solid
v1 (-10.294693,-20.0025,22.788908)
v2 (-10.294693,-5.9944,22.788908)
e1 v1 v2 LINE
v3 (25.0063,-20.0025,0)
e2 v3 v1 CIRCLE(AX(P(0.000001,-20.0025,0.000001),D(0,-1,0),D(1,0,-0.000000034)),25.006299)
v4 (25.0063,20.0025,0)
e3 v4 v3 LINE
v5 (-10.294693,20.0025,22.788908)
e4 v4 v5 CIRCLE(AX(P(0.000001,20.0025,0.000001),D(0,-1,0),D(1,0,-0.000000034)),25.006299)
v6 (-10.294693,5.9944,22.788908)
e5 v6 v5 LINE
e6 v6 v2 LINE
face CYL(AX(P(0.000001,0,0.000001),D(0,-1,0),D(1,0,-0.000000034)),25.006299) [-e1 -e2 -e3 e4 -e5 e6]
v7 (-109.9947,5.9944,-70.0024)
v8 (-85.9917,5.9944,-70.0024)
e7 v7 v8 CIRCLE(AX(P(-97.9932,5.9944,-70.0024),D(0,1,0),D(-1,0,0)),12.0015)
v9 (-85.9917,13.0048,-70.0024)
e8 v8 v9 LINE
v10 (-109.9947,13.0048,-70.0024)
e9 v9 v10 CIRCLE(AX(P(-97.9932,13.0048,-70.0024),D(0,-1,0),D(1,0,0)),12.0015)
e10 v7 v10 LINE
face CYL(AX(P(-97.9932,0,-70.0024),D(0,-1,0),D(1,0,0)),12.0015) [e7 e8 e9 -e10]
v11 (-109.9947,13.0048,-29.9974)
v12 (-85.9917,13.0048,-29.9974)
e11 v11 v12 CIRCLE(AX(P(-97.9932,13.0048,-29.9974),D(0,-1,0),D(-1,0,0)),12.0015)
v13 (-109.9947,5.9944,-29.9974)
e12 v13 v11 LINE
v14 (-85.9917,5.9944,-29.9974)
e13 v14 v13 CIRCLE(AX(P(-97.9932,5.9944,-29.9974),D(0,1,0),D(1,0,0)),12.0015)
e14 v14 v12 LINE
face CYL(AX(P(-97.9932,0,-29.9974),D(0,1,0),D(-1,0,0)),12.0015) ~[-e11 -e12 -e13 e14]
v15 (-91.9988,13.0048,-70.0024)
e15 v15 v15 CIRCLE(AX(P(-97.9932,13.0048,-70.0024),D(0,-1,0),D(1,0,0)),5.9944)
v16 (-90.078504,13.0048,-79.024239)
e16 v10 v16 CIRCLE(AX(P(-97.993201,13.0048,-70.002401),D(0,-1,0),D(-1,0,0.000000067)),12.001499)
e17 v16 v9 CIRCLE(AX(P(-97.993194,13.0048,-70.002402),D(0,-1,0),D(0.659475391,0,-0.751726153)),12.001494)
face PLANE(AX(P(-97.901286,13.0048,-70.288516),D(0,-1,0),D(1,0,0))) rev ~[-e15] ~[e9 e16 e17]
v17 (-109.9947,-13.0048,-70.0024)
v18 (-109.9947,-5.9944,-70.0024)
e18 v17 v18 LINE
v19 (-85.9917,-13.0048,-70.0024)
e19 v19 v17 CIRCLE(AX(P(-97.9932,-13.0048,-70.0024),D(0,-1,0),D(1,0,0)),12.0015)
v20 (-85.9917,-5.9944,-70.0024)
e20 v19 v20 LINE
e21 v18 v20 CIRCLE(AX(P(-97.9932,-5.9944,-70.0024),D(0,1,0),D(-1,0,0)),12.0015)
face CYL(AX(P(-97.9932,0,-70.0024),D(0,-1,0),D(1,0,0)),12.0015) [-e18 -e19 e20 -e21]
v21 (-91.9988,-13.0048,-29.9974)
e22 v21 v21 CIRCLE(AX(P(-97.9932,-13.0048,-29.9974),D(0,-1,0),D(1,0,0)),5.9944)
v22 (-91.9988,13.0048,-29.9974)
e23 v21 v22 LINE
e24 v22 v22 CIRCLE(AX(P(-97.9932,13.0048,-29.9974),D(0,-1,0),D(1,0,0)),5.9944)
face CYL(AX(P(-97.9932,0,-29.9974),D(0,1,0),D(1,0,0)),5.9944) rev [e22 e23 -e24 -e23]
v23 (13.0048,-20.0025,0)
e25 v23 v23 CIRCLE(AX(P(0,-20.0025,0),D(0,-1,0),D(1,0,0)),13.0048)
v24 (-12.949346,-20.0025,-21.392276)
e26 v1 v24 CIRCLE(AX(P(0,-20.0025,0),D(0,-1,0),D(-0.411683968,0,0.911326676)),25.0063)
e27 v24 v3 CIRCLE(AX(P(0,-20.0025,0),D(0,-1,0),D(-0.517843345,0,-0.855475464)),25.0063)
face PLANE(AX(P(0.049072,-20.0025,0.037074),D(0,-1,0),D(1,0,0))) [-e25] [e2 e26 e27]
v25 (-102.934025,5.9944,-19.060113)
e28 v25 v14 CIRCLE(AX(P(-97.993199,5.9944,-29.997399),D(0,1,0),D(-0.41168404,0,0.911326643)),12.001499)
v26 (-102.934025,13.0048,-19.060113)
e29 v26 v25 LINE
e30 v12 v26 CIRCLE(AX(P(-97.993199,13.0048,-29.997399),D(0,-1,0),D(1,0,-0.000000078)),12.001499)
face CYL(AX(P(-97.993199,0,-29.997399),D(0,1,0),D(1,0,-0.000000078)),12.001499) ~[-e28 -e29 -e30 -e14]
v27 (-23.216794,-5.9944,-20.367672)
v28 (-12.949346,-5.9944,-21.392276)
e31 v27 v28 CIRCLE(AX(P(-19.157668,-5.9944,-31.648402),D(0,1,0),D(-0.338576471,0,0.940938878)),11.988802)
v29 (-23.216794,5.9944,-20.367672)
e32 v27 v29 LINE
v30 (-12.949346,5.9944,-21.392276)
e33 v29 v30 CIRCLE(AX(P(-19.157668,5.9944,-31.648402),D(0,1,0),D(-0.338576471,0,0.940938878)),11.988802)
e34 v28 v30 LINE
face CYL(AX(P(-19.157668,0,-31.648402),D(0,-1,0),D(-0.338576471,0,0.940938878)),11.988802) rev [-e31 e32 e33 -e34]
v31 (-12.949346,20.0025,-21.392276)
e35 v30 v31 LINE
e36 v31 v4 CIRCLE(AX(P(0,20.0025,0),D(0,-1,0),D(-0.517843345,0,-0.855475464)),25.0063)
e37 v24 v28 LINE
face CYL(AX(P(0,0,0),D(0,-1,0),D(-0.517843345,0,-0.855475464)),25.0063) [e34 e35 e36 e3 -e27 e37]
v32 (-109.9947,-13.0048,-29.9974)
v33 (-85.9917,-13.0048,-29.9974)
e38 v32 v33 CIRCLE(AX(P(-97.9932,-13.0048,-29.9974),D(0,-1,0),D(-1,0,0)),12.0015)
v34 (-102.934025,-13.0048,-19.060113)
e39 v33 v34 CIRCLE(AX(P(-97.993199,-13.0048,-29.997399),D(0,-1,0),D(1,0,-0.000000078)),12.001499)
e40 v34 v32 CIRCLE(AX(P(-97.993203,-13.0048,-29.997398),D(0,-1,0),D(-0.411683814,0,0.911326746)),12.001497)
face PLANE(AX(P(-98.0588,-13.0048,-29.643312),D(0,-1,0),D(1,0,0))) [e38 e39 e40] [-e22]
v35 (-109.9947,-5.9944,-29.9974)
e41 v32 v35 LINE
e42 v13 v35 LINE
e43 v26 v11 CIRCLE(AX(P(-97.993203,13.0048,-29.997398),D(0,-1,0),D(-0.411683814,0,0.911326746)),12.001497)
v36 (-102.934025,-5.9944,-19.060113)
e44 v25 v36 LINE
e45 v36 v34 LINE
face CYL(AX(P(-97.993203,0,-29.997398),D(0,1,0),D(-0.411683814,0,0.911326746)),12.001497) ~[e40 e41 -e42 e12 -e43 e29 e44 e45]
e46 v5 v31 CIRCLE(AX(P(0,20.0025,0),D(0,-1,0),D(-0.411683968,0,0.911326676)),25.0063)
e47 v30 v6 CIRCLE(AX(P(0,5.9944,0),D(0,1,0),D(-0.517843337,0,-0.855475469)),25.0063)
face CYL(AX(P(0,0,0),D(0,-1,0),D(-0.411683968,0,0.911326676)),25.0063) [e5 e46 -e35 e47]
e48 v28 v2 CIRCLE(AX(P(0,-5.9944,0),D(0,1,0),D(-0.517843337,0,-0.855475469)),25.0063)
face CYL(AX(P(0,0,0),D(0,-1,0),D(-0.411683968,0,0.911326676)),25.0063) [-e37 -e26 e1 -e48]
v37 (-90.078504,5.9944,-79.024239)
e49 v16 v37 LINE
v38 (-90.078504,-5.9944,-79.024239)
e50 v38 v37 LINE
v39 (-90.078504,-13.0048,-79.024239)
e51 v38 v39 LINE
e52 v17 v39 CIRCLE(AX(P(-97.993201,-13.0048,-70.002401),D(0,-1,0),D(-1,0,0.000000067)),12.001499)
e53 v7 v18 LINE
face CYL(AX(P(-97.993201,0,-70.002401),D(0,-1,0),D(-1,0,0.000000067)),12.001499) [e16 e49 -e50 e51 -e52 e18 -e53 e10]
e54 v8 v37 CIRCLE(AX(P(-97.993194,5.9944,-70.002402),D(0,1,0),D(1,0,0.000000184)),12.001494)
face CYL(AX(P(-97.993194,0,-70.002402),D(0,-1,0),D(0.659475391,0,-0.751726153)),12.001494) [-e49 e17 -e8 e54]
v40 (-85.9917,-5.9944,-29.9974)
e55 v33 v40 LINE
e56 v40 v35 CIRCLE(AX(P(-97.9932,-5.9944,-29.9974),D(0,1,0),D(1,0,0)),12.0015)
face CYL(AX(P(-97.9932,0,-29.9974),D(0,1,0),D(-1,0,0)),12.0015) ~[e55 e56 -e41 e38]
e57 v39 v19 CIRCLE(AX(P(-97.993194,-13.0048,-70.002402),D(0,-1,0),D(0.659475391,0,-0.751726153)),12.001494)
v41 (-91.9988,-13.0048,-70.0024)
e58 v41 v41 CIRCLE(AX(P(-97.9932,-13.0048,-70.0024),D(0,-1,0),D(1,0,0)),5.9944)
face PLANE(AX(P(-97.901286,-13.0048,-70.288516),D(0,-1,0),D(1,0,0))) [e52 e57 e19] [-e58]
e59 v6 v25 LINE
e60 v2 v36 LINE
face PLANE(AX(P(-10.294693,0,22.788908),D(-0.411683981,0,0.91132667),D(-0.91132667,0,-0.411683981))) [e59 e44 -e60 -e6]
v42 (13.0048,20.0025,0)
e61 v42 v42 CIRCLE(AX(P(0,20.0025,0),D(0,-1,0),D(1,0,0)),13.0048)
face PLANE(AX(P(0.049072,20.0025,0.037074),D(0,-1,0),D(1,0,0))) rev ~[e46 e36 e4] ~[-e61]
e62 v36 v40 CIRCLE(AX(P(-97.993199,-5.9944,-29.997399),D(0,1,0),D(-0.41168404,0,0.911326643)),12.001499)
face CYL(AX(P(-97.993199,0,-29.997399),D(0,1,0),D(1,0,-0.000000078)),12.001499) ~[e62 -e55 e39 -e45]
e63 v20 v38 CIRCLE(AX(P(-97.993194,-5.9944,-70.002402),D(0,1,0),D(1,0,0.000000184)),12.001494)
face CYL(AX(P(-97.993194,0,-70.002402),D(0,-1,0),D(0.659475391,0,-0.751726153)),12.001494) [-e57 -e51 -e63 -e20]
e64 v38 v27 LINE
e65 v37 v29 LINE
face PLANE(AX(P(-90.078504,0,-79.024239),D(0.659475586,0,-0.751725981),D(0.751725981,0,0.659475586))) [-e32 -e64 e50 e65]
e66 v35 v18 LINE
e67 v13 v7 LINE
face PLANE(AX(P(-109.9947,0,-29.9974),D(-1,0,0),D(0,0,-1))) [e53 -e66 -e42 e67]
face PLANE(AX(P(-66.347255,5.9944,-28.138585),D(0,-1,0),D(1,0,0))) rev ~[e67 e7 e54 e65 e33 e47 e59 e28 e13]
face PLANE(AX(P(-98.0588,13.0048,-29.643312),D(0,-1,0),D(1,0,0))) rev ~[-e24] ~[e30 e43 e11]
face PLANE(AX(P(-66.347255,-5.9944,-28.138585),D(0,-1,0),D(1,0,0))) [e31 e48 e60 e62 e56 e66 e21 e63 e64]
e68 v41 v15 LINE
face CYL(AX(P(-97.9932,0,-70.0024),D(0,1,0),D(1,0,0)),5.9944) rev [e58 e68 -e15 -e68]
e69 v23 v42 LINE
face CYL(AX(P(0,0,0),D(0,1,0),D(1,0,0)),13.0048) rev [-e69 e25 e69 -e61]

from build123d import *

# Parameters (mm, degrees)
F0_R     = 13.0048
F1_DEPTH = 20.0025
F2_DEPTH = 5.9944
F0_R_2   = 5.9944
F3_DEPTH = 13.0048


with BuildPart() as f1:
    # F0 (on Front) → F1 (new body, symmetric)
    with BuildSketch(Plane.XZ):
        with BuildLine():
            ThreePointArc((-12.949346, -21.392276), (12.278025, -21.784516), (25.0063, 0))
            ThreePointArc((25.0063, 0), (13.562501, 21.008894), (-10.294693, 22.788908))
            ThreePointArc((-10.294693, 22.788908), (-24.961282, 1.499814), (-12.949346, -21.392276))
        make_face()
        Circle(F0_R, mode=Mode.SUBTRACT)
    extrude(amount=F1_DEPTH, both=True)

    # F0 (on Front) → F2 (join, symmetric)
    with BuildSketch(Plane.XZ):
        with BuildLine():
            ThreePointArc((-12.949346, -21.392276), (-24.961282, 1.499814), (-10.294693, 22.788908))
            Line((-10.294693, 22.788908), (-102.934025, -19.060113))
            ThreePointArc((-102.934025, -19.060113), (-91.484026, -19.914411), (-85.9917, -29.9974))
            ThreePointArc((-85.9917, -29.9974), (-97.9932, -41.9989), (-109.9947, -29.9974))
            Line((-109.9947, -29.9974), (-109.9947, -70.0024))
            ThreePointArc((-109.9947, -70.0024), (-97.9932, -58.0009), (-85.9917, -70.0024))
            ThreePointArc((-85.9917, -70.0024), (-87.06104, -74.95456), (-90.078504, -79.024239))
            Line((-90.078504, -79.024239), (-23.216794, -20.367672))
            ThreePointArc((-23.216794, -20.367672), (-17.9672, -19.718852), (-12.949346, -21.392276))
        make_face()
    extrude(amount=F2_DEPTH, both=True)

    # F0 (on Front) → F3 (join, symmetric)
    with BuildSketch(Plane.XZ):
        with BuildLine():
            ThreePointArc((-85.9917, -29.9974), (-91.484026, -19.914411), (-102.934025, -19.060113))
            ThreePointArc((-102.934025, -19.060113), (-108.076189, -23.488226), (-109.9947, -29.9974))
            ThreePointArc((-109.9947, -29.9974), (-97.9932, -41.9989), (-85.9917, -29.9974))
        make_face()
        with Locations((-97.9932, -29.9974)):
            Circle(F0_R_2, mode=Mode.SUBTRACT)
        with BuildLine():
            ThreePointArc((-109.9947, -70.0024), (-102.94536, -80.93456), (-90.078504, -79.024239))
            ThreePointArc((-90.078504, -79.024239), (-87.06104, -74.95456), (-85.9917, -70.0024))
            ThreePointArc((-85.9917, -70.0024), (-97.9932, -58.0009), (-109.9947, -70.0024))
        make_face()
        with Locations((-97.9932, -70.0024)):
            Circle(F0_R_2, mode=Mode.SUBTRACT)
    extrude(amount=F3_DEPTH, both=True)


solid = f1.part
